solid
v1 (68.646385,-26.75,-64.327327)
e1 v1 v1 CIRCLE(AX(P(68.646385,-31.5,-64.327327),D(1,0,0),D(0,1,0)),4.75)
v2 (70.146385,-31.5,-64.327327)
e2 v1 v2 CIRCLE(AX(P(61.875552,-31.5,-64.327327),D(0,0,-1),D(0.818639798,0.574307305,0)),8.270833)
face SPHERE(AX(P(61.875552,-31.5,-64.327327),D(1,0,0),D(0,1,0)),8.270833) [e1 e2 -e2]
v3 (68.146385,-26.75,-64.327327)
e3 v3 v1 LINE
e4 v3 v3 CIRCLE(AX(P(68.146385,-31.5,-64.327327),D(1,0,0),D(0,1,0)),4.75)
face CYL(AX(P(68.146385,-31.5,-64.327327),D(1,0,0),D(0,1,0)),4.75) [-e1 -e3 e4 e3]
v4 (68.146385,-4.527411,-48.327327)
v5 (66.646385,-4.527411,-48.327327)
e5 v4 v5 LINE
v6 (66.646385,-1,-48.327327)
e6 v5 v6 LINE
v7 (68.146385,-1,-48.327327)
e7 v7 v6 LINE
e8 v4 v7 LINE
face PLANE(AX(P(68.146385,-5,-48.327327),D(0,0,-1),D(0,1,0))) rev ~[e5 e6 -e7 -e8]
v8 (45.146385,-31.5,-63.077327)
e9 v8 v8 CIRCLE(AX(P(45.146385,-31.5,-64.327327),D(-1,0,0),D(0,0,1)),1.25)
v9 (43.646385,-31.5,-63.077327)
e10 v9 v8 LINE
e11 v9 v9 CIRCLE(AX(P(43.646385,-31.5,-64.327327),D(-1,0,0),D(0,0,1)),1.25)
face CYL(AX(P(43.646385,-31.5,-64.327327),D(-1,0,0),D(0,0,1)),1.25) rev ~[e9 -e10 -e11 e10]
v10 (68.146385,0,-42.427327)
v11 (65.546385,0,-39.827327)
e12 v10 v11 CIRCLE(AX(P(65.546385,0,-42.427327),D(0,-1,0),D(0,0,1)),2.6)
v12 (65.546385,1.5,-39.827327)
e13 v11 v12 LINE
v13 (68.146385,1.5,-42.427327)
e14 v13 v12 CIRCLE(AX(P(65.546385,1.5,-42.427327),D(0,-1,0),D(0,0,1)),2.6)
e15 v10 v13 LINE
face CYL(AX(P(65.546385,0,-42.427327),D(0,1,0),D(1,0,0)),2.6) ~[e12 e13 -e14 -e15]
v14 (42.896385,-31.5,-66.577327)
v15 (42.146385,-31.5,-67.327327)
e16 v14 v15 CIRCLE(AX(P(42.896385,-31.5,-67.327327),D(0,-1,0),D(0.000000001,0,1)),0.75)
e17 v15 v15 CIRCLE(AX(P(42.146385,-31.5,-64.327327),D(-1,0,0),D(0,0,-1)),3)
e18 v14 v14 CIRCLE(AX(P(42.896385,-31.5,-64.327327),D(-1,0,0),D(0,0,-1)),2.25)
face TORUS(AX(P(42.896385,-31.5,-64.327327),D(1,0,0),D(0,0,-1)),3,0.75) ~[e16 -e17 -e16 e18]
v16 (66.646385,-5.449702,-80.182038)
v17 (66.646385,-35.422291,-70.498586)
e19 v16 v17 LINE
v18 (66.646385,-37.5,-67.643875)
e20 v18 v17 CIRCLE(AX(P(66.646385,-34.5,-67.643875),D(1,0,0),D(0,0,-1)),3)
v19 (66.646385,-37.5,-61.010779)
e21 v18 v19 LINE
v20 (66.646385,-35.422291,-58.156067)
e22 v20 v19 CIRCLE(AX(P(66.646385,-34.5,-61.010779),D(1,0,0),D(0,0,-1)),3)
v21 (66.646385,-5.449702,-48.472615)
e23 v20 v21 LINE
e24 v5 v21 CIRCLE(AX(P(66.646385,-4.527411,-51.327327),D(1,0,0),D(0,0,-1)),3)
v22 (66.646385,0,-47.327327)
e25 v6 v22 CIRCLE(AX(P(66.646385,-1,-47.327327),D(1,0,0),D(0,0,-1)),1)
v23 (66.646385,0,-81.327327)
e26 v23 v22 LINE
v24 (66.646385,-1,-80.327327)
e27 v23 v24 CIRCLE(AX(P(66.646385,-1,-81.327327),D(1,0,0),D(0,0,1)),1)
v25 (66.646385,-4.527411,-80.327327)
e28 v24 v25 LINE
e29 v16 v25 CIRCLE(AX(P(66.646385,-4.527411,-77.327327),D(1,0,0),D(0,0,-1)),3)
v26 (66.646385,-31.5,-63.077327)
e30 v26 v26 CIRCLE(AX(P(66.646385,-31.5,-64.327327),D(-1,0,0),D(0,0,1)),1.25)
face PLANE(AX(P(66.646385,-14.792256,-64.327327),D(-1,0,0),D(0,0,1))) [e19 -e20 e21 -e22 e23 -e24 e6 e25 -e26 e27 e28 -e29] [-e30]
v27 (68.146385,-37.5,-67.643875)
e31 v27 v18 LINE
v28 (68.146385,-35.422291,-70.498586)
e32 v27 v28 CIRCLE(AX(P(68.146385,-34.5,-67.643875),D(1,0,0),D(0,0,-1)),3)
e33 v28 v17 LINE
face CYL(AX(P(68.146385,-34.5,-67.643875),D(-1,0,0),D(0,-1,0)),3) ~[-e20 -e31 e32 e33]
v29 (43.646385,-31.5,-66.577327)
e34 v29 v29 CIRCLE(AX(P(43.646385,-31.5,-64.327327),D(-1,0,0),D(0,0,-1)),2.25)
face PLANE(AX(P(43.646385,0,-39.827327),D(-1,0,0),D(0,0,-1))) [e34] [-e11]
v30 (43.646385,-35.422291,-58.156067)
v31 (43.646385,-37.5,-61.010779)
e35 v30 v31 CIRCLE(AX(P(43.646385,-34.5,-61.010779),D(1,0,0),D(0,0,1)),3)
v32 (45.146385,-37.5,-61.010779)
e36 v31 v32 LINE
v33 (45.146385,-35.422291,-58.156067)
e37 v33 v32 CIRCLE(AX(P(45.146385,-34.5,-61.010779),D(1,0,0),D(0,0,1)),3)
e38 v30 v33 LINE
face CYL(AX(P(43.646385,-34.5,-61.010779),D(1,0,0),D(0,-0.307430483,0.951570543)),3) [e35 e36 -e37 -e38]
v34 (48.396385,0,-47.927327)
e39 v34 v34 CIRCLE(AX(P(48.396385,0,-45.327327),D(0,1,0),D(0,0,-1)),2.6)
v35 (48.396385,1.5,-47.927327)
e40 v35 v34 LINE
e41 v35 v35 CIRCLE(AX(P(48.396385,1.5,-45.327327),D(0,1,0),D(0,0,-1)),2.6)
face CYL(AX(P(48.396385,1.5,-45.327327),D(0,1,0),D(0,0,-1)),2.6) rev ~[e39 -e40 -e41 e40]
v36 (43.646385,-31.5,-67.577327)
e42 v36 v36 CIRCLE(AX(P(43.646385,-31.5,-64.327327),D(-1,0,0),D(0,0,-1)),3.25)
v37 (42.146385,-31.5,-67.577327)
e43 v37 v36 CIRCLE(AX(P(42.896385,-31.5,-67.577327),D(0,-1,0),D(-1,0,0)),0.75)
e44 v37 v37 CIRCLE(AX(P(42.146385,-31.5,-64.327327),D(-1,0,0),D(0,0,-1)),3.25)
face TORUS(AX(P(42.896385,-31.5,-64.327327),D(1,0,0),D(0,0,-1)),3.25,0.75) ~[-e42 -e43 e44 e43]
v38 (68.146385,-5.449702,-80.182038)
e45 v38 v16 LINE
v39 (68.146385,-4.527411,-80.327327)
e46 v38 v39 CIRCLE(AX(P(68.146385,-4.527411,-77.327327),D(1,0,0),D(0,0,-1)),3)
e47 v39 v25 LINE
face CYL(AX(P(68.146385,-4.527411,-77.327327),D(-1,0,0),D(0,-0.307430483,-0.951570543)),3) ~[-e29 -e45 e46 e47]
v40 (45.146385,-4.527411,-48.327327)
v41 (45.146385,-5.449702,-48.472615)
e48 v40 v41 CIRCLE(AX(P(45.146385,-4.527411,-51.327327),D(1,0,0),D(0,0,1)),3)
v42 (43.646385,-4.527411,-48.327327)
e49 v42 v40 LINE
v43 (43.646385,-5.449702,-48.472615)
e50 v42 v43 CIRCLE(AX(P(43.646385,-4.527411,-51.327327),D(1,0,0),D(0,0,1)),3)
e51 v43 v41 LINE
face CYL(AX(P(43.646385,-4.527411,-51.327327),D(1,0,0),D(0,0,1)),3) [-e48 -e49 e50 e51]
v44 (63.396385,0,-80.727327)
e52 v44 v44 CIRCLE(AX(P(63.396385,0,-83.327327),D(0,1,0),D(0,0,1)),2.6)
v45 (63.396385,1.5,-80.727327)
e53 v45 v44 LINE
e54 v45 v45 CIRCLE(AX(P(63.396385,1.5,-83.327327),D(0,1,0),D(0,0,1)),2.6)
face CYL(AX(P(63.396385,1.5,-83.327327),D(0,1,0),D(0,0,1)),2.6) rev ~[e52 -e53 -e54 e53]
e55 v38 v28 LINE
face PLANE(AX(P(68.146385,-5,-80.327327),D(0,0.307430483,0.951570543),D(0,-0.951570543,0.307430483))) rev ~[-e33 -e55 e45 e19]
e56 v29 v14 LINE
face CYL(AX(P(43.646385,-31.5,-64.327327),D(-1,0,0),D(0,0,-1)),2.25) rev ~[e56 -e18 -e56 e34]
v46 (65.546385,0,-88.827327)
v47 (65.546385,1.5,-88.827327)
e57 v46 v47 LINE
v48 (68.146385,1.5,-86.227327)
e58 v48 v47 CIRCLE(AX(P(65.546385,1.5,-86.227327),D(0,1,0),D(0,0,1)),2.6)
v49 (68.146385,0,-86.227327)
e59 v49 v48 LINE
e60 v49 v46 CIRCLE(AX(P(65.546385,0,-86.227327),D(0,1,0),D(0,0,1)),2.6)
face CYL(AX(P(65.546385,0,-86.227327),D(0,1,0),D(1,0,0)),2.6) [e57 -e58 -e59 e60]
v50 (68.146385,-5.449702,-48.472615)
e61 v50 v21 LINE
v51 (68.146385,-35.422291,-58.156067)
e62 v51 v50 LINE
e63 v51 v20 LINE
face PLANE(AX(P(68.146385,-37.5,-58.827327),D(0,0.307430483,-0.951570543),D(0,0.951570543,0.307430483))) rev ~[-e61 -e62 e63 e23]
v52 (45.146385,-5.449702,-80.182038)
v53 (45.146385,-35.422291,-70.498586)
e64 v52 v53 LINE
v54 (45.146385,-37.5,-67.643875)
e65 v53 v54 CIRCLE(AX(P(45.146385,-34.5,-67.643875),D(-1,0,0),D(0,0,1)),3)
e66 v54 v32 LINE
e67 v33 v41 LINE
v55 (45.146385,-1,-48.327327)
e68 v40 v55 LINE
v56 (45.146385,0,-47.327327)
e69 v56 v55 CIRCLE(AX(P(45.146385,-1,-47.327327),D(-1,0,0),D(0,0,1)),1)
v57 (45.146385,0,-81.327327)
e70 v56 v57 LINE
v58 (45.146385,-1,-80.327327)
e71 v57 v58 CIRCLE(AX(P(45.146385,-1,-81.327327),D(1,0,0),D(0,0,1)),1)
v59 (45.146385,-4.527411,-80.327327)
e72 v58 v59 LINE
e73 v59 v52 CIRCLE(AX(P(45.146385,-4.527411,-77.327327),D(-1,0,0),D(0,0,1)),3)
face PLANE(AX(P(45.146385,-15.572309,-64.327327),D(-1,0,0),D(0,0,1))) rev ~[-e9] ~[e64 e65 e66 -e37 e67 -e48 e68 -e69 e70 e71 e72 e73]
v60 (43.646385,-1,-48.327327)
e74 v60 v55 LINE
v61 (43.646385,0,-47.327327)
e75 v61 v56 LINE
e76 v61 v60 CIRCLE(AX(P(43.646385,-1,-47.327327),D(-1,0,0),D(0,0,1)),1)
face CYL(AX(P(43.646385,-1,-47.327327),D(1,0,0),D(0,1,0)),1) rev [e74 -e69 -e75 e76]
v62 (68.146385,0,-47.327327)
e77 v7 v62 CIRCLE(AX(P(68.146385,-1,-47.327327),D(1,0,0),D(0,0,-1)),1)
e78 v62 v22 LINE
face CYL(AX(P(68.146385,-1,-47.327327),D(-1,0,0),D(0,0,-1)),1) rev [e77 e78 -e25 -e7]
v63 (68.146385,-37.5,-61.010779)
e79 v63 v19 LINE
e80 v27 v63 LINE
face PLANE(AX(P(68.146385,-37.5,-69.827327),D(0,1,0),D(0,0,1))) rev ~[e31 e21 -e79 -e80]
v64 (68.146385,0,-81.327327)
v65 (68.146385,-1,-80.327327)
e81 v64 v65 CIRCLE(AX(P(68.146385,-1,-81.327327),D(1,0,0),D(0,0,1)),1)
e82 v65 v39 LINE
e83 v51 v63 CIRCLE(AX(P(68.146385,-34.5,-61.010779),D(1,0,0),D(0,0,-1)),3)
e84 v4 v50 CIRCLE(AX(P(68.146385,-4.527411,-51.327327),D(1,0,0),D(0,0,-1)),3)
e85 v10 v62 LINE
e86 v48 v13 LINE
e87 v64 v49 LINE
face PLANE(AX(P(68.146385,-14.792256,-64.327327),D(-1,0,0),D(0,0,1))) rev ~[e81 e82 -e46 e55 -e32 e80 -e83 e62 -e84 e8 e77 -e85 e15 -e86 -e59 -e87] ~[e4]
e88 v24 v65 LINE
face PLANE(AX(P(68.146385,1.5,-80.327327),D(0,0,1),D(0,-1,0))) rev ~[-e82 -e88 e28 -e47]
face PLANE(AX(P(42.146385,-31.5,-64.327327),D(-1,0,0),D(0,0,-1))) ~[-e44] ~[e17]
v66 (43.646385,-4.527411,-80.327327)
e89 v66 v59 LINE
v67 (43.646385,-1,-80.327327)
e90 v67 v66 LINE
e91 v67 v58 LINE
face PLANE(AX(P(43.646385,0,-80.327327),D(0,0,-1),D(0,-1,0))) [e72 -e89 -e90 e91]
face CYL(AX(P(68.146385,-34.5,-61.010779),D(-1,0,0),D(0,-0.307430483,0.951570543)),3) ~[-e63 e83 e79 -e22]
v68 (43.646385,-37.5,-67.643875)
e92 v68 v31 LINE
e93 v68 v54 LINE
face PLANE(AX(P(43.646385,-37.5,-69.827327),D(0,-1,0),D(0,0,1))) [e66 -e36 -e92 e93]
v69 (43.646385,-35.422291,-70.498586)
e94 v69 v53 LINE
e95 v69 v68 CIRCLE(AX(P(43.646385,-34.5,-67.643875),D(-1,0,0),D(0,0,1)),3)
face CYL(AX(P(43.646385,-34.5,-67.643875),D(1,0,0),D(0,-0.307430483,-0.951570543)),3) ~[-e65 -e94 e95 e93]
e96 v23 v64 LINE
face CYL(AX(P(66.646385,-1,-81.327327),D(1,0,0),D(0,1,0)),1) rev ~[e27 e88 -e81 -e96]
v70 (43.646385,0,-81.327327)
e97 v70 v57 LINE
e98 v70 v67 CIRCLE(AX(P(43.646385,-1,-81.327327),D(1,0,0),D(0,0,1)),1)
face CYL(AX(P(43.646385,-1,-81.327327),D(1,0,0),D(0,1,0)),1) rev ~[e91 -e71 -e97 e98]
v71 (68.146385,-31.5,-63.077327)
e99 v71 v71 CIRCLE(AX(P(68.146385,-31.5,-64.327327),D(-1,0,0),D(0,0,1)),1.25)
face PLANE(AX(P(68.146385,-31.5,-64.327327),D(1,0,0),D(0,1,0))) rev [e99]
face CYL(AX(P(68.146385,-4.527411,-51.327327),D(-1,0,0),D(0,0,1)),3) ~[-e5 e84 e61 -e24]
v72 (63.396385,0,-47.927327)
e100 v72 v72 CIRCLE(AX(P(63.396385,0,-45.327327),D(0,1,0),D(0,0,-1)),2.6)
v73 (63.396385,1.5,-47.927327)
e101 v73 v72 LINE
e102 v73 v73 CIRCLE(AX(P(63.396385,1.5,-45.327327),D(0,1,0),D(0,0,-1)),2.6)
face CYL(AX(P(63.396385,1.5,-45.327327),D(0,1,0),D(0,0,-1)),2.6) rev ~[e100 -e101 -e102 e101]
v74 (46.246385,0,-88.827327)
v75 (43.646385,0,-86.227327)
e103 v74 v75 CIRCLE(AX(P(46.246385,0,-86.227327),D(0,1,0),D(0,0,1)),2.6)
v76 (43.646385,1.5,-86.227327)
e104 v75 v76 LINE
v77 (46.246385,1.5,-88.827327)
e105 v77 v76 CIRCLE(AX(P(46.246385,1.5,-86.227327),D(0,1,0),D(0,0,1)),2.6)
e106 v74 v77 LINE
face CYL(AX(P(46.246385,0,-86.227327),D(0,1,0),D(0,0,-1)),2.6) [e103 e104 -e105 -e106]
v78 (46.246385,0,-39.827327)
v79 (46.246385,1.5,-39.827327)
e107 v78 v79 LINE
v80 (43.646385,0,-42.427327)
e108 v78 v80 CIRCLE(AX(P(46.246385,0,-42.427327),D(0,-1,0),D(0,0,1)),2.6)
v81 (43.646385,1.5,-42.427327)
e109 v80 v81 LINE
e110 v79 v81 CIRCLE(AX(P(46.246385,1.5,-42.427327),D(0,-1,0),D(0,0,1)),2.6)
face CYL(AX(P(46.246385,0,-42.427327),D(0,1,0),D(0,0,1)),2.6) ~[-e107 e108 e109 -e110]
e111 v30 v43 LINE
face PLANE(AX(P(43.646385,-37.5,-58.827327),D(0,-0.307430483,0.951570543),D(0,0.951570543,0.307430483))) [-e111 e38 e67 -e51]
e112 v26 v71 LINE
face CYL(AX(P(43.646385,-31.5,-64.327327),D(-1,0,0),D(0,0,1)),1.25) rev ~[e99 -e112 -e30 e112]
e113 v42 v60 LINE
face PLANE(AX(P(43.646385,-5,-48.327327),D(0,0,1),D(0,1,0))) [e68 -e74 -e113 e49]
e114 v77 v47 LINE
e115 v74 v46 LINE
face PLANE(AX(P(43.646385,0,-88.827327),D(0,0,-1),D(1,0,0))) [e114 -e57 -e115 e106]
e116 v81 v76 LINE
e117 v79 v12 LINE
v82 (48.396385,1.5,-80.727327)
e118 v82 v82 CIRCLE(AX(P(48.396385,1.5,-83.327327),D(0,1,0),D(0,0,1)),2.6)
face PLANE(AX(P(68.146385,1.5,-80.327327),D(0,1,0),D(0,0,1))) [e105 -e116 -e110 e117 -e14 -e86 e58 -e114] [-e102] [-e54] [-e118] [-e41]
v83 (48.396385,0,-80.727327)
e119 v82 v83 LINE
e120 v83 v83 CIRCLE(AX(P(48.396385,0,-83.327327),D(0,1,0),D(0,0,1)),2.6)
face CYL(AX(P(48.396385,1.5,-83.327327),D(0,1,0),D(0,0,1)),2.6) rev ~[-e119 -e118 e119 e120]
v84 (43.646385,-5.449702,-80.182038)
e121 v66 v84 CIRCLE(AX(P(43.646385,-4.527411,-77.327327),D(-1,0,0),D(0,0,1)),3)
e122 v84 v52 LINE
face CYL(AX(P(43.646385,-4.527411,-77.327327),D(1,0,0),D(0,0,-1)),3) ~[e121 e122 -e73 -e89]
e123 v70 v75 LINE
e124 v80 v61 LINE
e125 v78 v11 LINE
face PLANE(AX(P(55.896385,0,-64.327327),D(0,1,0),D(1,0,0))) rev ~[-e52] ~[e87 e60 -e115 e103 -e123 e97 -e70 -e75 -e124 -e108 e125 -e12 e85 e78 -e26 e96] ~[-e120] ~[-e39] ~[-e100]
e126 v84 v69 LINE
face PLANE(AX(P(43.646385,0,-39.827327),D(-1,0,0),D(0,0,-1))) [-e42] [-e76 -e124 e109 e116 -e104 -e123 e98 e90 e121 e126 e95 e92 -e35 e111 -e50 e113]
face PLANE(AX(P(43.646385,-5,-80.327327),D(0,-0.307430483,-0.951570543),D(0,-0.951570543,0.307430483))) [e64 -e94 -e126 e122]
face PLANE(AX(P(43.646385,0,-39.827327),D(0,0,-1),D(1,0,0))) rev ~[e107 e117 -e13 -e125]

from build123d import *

# Parameters (mm, degrees)
SKETCH_1_W          = 24.5
SKETCH_1_H          = 49
EXTRUDE_1_DEPTH     = 1.5
EXTRUDE_2_DEPTH     = 1.5
EXTRUDE_3_DEPTH     = 1.5
SKETCH_5_R          = 2.6
CUT_EXTRUDE_1_DEPTH = 119.55472929
FILLET_1_R          = 2.6
SKETCH_6_R          = 1.25
CUT_EXTRUDE_2_DEPTH = 100.482631552
FILLET_2_R          = 3
FILLET_3_R          = 1


with BuildPart() as part:
    # 草图1 → 凸台-拉伸1 (new body)
    with BuildSketch(Plane(origin=(0, 0, 0), x_dir=(1, 0, 0), z_dir=(0, 1, 0))):
        with Locations((55.896385498, 64.327326767)):
            Rectangle(SKETCH_1_W, SKETCH_1_H)
    extrude(amount=EXTRUDE_1_DEPTH)

    # 草图2 → 凸台-拉伸2 (add)
    with BuildSketch(Plane(origin=(68.146385498, 0, 0), x_dir=(0, 0, -1), z_dir=(1, 0, 0))):
        Polygon((69.827326767, -37.5), (58.827326767, -37.5), (48.327326767, -5), (48.327326767, 1.5), (64.327326767, 1.5), (80.327326767, 1.5), (80.327326767, -5), align=None)
    extrude(amount=-EXTRUDE_2_DEPTH)

    # 草图4 → 凸台-拉伸3 (add)
    with BuildSketch(Plane.ZY.offset(-43.646385498)):
        Polygon((-48.327326767, -5), (-48.327326767, 0), (-80.327326767, 0), (-80.327326767, -5), (-69.827326767, -37.5), (-58.827326767, -37.5), align=None)
    extrude(amount=-EXTRUDE_3_DEPTH)

    # 草图5 → 切除-拉伸1 (cut, through all)
    with BuildSketch(Plane(origin=(0, 1.5, 0), x_dir=(1, 0, 0), z_dir=(0, 1, 0))):
        with Locations(Location((48.396385498, 83.327326767, 0), (0, 0, 270))):
            Circle(SKETCH_5_R)
        with Locations(Location((63.396385498, 83.327326767, 0), (0, 0, 270))):
            Circle(SKETCH_5_R)
        with Locations(Location((63.396385498, 45.327326767, 0), (0, 0, 90))):
            Circle(SKETCH_5_R)
        with Locations(Location((48.396385498, 45.327326767, 0), (0, 0, 90))):
            Circle(SKETCH_5_R)
    extrude(amount=-CUT_EXTRUDE_1_DEPTH, mode=Mode.SUBTRACT)

    # 圆角1
    fillet_1_edges = [part.edges().sort_by_distance(p)[0] for p in [
        (43.646385498, 0.75, -39.827326767),
        (43.646385498, 0.75, -88.827326767),
        (68.146385498, 0.75, -88.827326767),
        (68.146385498, 0.75, -39.827326767),
    ]]
    fillet(fillet_1_edges, radius=FILLET_1_R)

    # 草图6 → 切除-拉伸2 (cut, through all)
    with BuildSketch(Plane.ZY.offset(-43.646385498)):
        with Locations((-64.327326767, -31.5)):
            Circle(SKETCH_6_R)
    extrude(amount=-CUT_EXTRUDE_2_DEPTH, mode=Mode.SUBTRACT)

    # 圆角2
    fillet_2_edges = [part.edges().sort_by_distance(p)[0] for p in [
        (67.396385498, -5, -80.327326767),
        (67.396385498, -37.5, -69.827326767),
        (67.396385498, -37.5, -58.827326767),
        (67.396385498, -5, -48.327326767),
        (44.396385498, -5, -48.327326767),
        (44.396385498, -37.5, -58.827326767),
        (44.396385498, -37.5, -69.827326767),
        (44.396385498, -5, -80.327326767),
    ]]
    fillet(fillet_2_edges, radius=FILLET_2_R)

    # 圆角3
    fillet_3_edges = [part.edges().sort_by_distance(p)[0] for p in [
        (67.396385498, 0, -48.327326767),
        (67.396385498, 0, -80.327326767),
        (44.396385498, 0, -80.327326767),
        (44.396385498, 0, -48.327326767),
    ]]
    fillet(fillet_3_edges, radius=FILLET_3_R)

    # 草图9 → 旋转1 (revolve)
    with BuildSketch(Plane(origin=(0, 0, -64.327326767), x_dir=(-1, 0, 0), z_dir=(0, 0, 1))):
        with BuildLine():
            Line((-68.146385498, 31.5), (-68.146385498, 26.75))
            Line((-68.146385498, 26.75), (-68.646385498, 26.75))
            ThreePointArc((-68.646385498, 26.75), (-69.762475458, 29.009392644), (-70.146385498, 31.5))
            Line((-70.146385498, 31.5), (-68.146385498, 31.5))
        make_face()
    revolve(axis=Axis((68.146385498, -31.5, -64.327326767), (1, 0, 0)))

    # 草图10 → 旋转2 (revolve)
    with BuildSketch(Plane(origin=(0, 0, -64.327326767), x_dir=(-1, 0, 0), z_dir=(0, 0, 1)), mode=Mode.PRIVATE) as revolve_2_sk:
        with BuildLine():
            Line((-42.146385498, 28.5), (-42.146385498, 28.25))
            ThreePointArc((-42.146385498, 28.25), (-42.896385498, 27.5), (-43.646385498, 28.25))
            Line((-43.646385498, 28.25), (-43.646385498, 29.25))
            Line((-43.646385498, 29.25), (-42.896385498, 29.25))
            ThreePointArc((-42.896385498, 29.25), (-42.366055412, 29.030330086), (-42.146385498, 28.5))
        make_face()
    revolve(revolve_2_sk.sketch.rotate(Axis((68.146385498, -31.5, -64.327326767), (-1, 0, 0)), 90), axis=Axis((68.146385498, -31.5, -64.327326767), (-1, 0, 0)))


solid = part.part
